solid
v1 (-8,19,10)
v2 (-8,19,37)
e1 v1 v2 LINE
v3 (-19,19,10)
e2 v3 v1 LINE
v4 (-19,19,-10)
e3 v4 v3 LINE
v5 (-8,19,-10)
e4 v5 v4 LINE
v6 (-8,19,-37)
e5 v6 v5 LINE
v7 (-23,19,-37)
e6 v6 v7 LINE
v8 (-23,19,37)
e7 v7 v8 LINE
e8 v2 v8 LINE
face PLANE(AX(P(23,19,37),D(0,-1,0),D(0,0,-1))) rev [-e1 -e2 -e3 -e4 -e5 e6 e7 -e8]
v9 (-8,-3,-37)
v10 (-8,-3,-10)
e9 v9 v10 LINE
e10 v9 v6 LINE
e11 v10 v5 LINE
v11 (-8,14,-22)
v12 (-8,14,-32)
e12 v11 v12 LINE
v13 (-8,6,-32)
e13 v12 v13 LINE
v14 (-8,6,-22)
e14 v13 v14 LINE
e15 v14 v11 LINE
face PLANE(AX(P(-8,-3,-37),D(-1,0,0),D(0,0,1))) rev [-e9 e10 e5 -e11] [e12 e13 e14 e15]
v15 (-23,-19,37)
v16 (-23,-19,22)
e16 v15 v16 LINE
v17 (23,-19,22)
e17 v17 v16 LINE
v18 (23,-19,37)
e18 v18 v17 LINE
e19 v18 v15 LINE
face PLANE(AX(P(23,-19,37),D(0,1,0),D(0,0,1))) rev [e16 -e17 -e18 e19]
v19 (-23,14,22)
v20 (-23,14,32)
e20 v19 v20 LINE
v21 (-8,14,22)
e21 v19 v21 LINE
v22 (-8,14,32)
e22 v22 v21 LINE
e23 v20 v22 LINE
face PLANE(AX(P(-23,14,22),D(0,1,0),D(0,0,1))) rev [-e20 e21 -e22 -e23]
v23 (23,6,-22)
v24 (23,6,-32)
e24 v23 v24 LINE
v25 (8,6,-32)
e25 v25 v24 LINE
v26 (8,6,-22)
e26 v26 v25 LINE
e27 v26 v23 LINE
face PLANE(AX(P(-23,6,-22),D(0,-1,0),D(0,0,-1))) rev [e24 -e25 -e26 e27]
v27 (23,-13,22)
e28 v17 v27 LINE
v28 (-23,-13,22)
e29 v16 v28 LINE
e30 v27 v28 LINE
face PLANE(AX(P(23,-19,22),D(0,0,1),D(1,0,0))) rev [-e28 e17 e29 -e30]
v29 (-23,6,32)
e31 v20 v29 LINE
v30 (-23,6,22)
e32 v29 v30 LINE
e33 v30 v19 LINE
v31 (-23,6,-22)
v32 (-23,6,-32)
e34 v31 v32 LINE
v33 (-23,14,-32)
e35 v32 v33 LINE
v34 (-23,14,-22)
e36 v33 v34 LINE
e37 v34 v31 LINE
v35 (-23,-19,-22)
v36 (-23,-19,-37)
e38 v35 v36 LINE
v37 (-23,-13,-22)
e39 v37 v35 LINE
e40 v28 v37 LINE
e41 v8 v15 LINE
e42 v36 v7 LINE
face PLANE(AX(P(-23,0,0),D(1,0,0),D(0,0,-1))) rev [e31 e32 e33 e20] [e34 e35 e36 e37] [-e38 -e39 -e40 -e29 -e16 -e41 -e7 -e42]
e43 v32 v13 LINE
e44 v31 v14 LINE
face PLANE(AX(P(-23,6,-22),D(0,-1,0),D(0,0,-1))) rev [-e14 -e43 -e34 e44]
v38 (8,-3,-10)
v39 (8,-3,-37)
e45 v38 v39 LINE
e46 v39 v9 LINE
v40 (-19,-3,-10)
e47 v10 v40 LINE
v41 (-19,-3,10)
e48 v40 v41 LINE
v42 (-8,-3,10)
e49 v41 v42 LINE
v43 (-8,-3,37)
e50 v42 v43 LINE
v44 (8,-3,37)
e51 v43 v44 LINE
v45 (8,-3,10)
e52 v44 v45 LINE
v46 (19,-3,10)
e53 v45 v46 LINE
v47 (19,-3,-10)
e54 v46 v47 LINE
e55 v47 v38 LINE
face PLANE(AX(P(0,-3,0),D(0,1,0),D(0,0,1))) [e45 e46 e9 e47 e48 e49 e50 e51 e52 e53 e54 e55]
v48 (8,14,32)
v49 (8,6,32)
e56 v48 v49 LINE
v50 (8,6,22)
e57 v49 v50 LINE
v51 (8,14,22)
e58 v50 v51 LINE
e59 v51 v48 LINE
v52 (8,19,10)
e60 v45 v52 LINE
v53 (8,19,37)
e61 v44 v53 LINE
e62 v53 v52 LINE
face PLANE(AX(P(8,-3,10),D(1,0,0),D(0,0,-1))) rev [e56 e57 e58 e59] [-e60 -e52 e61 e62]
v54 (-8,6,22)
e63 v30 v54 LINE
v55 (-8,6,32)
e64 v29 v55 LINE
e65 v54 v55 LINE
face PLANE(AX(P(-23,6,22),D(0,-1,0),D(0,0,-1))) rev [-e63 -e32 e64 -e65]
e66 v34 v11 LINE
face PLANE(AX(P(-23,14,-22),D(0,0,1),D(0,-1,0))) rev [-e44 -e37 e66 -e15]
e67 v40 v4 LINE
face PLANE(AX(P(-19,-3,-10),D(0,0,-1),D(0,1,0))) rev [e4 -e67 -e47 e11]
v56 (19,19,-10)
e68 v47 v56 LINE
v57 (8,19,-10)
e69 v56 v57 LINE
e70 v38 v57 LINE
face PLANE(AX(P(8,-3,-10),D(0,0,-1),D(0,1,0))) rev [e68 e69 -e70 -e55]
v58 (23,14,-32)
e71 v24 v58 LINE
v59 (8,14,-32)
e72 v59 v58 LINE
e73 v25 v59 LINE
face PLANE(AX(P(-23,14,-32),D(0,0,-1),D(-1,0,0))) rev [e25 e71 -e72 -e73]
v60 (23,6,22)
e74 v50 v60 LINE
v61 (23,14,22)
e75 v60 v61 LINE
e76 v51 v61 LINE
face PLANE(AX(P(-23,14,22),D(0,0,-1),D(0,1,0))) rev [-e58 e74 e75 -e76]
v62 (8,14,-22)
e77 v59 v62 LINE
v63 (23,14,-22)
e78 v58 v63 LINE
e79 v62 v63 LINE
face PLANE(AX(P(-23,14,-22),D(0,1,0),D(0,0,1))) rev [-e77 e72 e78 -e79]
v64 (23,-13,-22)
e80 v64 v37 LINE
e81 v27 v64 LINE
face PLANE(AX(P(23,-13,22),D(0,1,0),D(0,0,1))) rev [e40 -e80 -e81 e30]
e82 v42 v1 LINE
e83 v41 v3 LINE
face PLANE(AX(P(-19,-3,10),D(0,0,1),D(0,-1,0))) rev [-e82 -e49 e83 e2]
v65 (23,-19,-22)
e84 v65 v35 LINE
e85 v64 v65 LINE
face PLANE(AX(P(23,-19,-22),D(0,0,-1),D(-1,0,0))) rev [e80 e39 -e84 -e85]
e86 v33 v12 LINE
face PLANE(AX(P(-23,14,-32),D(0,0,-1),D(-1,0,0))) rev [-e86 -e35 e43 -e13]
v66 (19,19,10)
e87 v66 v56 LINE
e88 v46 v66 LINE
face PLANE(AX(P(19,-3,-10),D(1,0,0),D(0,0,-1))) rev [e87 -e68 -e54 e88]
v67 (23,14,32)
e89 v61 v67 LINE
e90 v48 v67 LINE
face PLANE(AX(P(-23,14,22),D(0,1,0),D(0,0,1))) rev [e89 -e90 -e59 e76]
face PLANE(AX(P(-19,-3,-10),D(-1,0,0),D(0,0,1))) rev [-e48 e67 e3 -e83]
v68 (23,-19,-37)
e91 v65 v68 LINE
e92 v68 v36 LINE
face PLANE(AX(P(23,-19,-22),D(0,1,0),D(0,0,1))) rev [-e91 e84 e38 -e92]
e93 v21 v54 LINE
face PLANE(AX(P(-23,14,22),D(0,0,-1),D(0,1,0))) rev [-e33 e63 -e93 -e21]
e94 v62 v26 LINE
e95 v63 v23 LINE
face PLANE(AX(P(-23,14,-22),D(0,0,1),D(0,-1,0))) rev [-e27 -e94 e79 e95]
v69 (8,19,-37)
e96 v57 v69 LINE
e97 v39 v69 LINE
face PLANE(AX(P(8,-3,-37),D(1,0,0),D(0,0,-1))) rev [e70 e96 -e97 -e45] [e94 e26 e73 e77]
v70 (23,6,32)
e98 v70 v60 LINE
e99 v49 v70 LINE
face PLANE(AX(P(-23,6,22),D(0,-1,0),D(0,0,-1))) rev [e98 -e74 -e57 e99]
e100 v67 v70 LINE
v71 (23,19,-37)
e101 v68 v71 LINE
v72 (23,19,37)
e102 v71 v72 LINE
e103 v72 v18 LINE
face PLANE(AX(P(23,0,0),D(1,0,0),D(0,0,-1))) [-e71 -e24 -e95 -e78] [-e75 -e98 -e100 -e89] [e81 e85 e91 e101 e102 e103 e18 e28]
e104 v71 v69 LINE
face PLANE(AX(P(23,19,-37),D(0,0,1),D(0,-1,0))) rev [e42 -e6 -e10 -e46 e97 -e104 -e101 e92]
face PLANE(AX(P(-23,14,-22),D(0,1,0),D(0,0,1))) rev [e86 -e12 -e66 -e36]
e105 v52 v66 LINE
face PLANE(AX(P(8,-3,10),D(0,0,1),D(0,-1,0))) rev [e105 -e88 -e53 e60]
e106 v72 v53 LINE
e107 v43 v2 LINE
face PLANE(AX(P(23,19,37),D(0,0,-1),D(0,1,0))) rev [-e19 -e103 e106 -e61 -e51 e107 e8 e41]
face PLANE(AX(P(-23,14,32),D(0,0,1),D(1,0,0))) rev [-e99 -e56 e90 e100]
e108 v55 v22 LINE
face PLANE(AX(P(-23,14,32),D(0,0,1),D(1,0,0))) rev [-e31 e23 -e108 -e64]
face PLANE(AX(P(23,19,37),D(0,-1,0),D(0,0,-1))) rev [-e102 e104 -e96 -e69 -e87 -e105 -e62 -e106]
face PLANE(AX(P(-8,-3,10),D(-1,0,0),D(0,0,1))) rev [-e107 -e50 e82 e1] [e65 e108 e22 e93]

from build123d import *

# Parameters (mm, degrees)
SALIENTE_EXTRUIR1_DEPTH = 23
CORTAR_EXTRUIR1_DEPTH   = 22
CROQUIS3_W              = 10
CROQUIS3_H              = 8
CORTAR_EXTRUIR2_DEPTH   = 63.016126935


with BuildPart() as part:
    # Croquis1 → Saliente-Extruir1 (new, symmetric)
    with BuildSketch(Plane(origin=(0, 0, 0), x_dir=(0, 0, -1), z_dir=(1, 0, 0))):
        Polygon((22, -19), (37, -19), (37, 19), (-37, 19), (-37, -19), (-22, -19), (-22, -13), (22, -13), align=None)
    extrude(amount=SALIENTE_EXTRUIR1_DEPTH, both=True)

    # Croquis2 → Cortar-Extruir1 (cut)
    with BuildSketch(Plane(origin=(0, 19, 0), x_dir=(1, 0, 0), z_dir=(0, 1, 0))):
        Polygon((-8, 37), (8, 37), (8, 10), (19, 10), (19, -10), (8, -10), (8, -37), (-8, -37), (-8, -10), (-19, -10), (-19, 10), (-8, 10), align=None)
    extrude(amount=-CORTAR_EXTRUIR1_DEPTH, mode=Mode.SUBTRACT)

    # Croquis3 → Cortar-Extruir2 (cut, through all)
    with BuildSketch(Plane(origin=(23, 0, 0), x_dir=(0, 0, -1), z_dir=(1, 0, 0))):
        with Locations((27, 10)):
            Rectangle(CROQUIS3_W, CROQUIS3_H)
        with Locations((-27, 10)):
            Rectangle(CROQUIS3_W, CROQUIS3_H)
    extrude(amount=-CORTAR_EXTRUIR2_DEPTH, mode=Mode.SUBTRACT)


solid = part.part
